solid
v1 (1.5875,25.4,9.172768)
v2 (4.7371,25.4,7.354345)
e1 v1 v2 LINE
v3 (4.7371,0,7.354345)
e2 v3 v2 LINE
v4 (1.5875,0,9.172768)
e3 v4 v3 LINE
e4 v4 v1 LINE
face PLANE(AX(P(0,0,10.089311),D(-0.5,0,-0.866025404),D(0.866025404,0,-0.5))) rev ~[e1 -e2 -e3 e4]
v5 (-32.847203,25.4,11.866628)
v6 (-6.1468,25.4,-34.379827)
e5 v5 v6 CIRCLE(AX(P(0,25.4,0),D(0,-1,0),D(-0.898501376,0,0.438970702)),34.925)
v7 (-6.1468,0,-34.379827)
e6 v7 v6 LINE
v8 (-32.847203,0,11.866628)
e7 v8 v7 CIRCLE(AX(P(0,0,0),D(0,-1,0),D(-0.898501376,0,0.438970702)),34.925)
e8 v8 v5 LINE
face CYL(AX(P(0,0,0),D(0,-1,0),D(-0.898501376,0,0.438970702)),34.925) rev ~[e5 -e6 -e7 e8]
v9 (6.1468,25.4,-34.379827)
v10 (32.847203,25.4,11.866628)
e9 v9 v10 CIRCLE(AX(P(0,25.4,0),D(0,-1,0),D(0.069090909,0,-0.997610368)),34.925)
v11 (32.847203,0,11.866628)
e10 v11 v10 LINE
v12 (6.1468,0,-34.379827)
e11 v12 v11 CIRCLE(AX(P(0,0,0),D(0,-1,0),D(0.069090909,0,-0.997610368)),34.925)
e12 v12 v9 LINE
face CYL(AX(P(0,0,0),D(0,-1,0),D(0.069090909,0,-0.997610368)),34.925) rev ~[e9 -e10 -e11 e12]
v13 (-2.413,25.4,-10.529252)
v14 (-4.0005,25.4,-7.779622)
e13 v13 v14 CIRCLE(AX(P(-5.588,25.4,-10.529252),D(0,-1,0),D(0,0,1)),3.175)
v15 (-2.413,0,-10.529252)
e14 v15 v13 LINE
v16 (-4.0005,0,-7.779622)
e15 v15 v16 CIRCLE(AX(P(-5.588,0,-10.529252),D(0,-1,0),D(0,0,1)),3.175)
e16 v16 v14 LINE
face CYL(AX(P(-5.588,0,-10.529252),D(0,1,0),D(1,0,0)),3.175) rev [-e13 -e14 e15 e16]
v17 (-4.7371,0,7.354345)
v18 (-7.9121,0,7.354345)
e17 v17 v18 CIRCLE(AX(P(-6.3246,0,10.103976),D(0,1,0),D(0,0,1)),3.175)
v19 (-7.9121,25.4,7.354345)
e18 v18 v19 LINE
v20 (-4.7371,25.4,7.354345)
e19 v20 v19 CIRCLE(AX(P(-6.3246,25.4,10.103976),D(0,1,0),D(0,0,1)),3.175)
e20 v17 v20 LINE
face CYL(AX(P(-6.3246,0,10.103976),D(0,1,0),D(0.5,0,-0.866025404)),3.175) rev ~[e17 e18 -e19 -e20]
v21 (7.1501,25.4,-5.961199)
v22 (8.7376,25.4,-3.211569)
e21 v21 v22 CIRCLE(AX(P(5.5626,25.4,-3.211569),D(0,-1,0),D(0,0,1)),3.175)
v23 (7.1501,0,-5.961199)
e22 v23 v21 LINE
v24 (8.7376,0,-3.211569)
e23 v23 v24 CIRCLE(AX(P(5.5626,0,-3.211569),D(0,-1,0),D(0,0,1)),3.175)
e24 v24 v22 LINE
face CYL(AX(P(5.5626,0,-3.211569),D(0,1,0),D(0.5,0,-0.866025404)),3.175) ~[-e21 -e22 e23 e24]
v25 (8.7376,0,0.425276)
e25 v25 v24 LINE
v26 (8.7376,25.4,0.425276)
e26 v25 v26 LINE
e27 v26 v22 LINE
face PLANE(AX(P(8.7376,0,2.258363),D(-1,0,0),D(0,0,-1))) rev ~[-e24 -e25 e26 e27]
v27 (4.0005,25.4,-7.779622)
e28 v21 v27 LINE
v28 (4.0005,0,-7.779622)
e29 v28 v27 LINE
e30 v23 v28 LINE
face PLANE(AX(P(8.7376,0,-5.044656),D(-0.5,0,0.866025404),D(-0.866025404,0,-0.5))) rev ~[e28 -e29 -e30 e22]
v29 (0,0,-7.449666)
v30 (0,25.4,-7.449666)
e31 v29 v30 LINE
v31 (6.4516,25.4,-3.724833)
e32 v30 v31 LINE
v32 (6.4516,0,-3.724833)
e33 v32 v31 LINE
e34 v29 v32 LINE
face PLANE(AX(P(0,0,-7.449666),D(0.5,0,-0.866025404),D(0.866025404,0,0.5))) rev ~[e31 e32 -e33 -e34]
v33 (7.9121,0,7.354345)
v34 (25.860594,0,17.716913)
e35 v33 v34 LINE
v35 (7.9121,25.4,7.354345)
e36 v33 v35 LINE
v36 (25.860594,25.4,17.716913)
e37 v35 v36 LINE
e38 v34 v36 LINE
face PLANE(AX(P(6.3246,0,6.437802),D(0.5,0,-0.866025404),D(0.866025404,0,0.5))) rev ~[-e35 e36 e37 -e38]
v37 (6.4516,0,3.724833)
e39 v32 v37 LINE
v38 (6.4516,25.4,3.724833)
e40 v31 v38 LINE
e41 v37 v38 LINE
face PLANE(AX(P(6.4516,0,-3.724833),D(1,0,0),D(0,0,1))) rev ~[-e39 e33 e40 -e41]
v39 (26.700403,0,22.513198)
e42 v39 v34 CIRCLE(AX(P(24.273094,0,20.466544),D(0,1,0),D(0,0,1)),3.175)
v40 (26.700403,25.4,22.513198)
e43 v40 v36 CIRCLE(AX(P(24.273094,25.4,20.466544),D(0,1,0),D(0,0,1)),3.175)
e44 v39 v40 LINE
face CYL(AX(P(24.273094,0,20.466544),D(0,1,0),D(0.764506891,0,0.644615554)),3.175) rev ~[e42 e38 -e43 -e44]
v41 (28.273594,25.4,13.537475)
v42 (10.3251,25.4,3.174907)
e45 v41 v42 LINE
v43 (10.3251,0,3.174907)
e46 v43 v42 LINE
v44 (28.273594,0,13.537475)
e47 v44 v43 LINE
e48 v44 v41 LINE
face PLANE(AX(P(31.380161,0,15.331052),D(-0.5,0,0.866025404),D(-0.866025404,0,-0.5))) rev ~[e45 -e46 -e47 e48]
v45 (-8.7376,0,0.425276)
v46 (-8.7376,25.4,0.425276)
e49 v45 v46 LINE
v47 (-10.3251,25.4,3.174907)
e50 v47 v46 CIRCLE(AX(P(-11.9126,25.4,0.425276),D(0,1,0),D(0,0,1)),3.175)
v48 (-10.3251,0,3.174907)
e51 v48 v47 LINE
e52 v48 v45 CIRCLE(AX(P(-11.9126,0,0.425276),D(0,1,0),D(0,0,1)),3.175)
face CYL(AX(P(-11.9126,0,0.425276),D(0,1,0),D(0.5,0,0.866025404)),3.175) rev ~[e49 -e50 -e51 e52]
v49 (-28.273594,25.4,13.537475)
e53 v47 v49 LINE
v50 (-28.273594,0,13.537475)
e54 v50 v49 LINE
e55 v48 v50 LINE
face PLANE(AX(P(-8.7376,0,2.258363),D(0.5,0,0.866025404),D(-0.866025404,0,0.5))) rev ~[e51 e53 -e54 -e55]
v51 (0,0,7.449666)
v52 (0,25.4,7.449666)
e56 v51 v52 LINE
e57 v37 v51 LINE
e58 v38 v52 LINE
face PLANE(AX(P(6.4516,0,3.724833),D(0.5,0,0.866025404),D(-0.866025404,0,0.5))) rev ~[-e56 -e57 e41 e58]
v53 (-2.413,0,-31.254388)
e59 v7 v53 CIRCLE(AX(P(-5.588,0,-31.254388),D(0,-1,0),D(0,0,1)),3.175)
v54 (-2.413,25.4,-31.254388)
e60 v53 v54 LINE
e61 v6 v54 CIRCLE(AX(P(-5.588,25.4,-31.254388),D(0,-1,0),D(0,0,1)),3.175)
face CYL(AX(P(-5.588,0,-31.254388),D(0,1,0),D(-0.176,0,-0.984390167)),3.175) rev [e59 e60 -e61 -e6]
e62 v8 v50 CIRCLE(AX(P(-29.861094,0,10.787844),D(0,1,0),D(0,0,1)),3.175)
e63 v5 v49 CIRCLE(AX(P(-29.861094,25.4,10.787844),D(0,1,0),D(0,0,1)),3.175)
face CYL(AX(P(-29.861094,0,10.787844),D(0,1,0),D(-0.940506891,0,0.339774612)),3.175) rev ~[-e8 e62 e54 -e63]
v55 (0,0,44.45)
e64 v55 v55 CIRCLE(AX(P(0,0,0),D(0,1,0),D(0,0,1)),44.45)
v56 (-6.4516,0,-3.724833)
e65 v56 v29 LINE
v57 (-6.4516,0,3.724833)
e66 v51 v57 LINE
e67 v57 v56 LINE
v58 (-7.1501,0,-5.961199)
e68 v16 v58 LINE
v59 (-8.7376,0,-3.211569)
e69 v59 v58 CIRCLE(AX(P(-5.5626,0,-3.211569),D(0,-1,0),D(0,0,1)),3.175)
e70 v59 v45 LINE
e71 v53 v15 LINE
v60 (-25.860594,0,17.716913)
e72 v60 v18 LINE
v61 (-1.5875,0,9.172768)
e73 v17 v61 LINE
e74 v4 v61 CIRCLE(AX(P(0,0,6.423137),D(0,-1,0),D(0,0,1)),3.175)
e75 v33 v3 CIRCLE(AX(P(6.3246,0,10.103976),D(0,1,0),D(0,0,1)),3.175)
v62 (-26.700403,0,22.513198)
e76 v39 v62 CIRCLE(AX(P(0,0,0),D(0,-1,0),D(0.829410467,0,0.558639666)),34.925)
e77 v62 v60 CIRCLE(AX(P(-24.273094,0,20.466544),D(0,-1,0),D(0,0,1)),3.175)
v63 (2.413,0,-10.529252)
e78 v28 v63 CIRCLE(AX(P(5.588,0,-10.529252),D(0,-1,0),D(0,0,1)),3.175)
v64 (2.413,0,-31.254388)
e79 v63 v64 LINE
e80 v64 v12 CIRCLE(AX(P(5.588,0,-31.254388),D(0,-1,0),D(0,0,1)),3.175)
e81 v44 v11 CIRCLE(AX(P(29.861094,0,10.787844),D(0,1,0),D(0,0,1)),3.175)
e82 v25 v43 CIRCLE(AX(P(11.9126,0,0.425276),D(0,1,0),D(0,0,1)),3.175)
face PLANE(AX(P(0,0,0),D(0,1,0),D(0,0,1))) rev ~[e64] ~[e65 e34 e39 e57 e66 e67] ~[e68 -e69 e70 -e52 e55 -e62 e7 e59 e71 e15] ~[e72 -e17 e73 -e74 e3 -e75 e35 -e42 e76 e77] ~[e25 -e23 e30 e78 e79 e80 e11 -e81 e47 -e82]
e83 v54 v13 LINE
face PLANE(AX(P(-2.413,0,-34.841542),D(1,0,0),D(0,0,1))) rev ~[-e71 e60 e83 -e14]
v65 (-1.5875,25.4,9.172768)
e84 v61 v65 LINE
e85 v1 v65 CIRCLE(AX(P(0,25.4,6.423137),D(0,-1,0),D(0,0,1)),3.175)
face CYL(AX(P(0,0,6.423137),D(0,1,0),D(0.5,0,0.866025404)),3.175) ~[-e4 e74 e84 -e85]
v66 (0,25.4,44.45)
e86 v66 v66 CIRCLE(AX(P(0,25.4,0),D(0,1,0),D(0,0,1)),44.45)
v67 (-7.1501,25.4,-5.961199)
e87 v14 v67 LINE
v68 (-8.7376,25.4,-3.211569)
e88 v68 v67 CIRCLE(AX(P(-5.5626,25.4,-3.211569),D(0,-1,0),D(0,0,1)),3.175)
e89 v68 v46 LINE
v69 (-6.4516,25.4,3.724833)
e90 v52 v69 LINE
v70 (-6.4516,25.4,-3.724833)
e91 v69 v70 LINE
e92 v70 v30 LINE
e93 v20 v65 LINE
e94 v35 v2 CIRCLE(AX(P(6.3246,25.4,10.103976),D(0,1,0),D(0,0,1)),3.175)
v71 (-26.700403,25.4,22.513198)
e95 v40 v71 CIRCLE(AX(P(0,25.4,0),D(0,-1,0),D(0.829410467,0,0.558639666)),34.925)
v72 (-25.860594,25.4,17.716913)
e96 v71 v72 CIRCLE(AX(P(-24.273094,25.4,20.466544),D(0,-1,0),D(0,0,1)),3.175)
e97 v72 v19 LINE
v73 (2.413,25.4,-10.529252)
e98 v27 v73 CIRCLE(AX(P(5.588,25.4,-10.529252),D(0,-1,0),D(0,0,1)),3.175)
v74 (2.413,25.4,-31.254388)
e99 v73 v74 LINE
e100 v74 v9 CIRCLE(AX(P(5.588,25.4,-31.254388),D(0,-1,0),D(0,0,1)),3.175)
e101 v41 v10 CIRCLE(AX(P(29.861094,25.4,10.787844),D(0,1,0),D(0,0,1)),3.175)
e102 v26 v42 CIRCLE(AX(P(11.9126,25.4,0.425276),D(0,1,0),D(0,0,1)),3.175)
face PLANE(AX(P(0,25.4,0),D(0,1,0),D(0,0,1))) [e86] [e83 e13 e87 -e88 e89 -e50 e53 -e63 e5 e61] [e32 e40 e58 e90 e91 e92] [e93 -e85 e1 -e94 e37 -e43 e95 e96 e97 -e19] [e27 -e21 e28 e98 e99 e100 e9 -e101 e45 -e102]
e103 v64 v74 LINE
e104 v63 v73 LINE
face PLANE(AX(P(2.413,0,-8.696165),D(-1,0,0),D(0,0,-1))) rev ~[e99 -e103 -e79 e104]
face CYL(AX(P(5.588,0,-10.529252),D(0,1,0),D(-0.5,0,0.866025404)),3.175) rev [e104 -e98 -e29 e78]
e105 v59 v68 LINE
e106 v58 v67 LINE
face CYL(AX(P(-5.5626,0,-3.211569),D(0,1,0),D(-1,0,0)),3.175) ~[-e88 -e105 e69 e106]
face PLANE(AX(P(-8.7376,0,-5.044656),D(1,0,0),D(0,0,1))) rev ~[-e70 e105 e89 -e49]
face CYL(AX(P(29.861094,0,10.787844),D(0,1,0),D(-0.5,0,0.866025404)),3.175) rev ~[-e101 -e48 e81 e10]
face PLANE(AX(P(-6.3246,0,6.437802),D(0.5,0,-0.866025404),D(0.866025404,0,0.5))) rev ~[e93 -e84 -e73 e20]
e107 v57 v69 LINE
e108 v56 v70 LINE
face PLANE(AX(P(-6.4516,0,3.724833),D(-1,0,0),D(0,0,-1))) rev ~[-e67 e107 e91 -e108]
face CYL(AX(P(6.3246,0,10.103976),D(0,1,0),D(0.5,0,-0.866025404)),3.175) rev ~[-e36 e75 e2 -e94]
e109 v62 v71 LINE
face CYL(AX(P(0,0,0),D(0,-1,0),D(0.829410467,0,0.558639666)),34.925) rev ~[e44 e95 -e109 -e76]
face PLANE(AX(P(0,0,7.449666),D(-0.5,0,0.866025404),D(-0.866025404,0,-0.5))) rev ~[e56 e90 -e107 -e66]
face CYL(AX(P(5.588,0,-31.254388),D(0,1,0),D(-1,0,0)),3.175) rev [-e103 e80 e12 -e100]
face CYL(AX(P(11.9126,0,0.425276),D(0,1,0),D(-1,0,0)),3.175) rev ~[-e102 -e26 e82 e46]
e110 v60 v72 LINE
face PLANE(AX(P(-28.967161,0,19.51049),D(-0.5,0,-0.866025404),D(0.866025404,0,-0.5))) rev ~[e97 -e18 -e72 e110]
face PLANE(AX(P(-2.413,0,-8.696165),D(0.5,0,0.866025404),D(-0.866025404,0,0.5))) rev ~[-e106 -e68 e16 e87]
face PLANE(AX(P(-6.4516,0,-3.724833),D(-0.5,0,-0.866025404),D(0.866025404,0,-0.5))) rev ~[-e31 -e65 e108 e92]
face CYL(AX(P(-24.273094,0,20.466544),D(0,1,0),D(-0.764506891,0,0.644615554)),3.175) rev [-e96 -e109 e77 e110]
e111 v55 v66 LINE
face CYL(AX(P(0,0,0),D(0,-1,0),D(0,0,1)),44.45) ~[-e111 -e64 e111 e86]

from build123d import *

# Parameters (mm, degrees)
SKETCH1_R           = 44.45
BOSS_EXTRUDE1_DEPTH = 25.4
FILLET1_R           = 3.175


with BuildPart() as part:
    # Sketch1 → Boss-Extrude1 (new body)
    with BuildSketch(Plane(origin=(0, 0, 0), x_dir=(1, 0, 0), z_dir=(0, 1, 0))):
        with Locations(Location((0, 0, 0), (0, 0, 270))):
            Circle(SKETCH1_R)
        Polygon((-6.4516, 3.724832997), (0, 7.449665993), (6.4516, 3.724832997), (6.4516, -3.724832997), (0, -7.449665993), (-6.4516, -3.724832997), align=None, mode=Mode.SUBTRACT)
        with BuildLine():
            Line((2.413, 8.696165225), (2.413, 34.841542101))
            ThreePointArc((2.413, 34.841542101), (30.245937227, 17.4625), (31.380160567, -15.331051751))
            Line((31.380160567, -15.331051751), (8.7376, -2.258363313))
            Line((8.7376, -2.258363313), (8.7376, 5.044655712))
            Line((8.7376, 5.044655712), (2.413, 8.696165225))
        make_face(mode=Mode.SUBTRACT)
        with BuildLine():
            Line((-2.413, 34.841542101), (-2.413, 8.696165225))
            Line((-2.413, 8.696165225), (-8.7376, 5.044655712))
            Line((-8.7376, 5.044655712), (-8.7376, -2.258363313))
            Line((-8.7376, -2.258363313), (-31.380160567, -15.331051751))
            ThreePointArc((-31.380160567, -15.331051751), (-30.245937227, 17.4625), (-2.413, 34.841542101))
        make_face(mode=Mode.SUBTRACT)
        with BuildLine():
            Line((-28.967160567, -19.51049035), (-6.3246, -6.437801912))
            Line((-6.3246, -6.437801912), (0, -10.089311424))
            Line((0, -10.089311424), (6.3246, -6.437801912))
            Line((6.3246, -6.437801912), (28.967160567, -19.51049035))
            ThreePointArc((28.967160567, -19.51049035), (0, -34.925), (-28.967160567, -19.51049035))
        make_face(mode=Mode.SUBTRACT)
    extrude(amount=BOSS_EXTRUDE1_DEPTH)

    # Fillet1
    fillet1_edges = [part.edges().sort_by_distance(p)[0] for p in [
        (-8.7376, 12.7, -5.044655712),
        (-2.413, 12.7, -8.696165225),
        (-2.413, 12.7, -34.841542101),
        (-31.380160567, 12.7, 15.331051751),
        (-8.7376, 12.7, 2.258363313),
        (31.380160567, 12.7, 15.331051751),
        (2.413, 12.7, -34.841542101),
        (2.413, 12.7, -8.696165225),
        (8.7376, 12.7, -5.044655712),
        (8.7376, 12.7, 2.258363313),
        (-28.967160567, 12.7, 19.51049035),
        (28.967160567, 12.7, 19.51049035),
        (6.3246, 12.7, 6.437801912),
        (0, 12.7, 10.089311424),
        (-6.3246, 12.7, 6.437801912),
    ]]
    fillet(fillet1_edges, radius=FILLET1_R)


solid = part.part
